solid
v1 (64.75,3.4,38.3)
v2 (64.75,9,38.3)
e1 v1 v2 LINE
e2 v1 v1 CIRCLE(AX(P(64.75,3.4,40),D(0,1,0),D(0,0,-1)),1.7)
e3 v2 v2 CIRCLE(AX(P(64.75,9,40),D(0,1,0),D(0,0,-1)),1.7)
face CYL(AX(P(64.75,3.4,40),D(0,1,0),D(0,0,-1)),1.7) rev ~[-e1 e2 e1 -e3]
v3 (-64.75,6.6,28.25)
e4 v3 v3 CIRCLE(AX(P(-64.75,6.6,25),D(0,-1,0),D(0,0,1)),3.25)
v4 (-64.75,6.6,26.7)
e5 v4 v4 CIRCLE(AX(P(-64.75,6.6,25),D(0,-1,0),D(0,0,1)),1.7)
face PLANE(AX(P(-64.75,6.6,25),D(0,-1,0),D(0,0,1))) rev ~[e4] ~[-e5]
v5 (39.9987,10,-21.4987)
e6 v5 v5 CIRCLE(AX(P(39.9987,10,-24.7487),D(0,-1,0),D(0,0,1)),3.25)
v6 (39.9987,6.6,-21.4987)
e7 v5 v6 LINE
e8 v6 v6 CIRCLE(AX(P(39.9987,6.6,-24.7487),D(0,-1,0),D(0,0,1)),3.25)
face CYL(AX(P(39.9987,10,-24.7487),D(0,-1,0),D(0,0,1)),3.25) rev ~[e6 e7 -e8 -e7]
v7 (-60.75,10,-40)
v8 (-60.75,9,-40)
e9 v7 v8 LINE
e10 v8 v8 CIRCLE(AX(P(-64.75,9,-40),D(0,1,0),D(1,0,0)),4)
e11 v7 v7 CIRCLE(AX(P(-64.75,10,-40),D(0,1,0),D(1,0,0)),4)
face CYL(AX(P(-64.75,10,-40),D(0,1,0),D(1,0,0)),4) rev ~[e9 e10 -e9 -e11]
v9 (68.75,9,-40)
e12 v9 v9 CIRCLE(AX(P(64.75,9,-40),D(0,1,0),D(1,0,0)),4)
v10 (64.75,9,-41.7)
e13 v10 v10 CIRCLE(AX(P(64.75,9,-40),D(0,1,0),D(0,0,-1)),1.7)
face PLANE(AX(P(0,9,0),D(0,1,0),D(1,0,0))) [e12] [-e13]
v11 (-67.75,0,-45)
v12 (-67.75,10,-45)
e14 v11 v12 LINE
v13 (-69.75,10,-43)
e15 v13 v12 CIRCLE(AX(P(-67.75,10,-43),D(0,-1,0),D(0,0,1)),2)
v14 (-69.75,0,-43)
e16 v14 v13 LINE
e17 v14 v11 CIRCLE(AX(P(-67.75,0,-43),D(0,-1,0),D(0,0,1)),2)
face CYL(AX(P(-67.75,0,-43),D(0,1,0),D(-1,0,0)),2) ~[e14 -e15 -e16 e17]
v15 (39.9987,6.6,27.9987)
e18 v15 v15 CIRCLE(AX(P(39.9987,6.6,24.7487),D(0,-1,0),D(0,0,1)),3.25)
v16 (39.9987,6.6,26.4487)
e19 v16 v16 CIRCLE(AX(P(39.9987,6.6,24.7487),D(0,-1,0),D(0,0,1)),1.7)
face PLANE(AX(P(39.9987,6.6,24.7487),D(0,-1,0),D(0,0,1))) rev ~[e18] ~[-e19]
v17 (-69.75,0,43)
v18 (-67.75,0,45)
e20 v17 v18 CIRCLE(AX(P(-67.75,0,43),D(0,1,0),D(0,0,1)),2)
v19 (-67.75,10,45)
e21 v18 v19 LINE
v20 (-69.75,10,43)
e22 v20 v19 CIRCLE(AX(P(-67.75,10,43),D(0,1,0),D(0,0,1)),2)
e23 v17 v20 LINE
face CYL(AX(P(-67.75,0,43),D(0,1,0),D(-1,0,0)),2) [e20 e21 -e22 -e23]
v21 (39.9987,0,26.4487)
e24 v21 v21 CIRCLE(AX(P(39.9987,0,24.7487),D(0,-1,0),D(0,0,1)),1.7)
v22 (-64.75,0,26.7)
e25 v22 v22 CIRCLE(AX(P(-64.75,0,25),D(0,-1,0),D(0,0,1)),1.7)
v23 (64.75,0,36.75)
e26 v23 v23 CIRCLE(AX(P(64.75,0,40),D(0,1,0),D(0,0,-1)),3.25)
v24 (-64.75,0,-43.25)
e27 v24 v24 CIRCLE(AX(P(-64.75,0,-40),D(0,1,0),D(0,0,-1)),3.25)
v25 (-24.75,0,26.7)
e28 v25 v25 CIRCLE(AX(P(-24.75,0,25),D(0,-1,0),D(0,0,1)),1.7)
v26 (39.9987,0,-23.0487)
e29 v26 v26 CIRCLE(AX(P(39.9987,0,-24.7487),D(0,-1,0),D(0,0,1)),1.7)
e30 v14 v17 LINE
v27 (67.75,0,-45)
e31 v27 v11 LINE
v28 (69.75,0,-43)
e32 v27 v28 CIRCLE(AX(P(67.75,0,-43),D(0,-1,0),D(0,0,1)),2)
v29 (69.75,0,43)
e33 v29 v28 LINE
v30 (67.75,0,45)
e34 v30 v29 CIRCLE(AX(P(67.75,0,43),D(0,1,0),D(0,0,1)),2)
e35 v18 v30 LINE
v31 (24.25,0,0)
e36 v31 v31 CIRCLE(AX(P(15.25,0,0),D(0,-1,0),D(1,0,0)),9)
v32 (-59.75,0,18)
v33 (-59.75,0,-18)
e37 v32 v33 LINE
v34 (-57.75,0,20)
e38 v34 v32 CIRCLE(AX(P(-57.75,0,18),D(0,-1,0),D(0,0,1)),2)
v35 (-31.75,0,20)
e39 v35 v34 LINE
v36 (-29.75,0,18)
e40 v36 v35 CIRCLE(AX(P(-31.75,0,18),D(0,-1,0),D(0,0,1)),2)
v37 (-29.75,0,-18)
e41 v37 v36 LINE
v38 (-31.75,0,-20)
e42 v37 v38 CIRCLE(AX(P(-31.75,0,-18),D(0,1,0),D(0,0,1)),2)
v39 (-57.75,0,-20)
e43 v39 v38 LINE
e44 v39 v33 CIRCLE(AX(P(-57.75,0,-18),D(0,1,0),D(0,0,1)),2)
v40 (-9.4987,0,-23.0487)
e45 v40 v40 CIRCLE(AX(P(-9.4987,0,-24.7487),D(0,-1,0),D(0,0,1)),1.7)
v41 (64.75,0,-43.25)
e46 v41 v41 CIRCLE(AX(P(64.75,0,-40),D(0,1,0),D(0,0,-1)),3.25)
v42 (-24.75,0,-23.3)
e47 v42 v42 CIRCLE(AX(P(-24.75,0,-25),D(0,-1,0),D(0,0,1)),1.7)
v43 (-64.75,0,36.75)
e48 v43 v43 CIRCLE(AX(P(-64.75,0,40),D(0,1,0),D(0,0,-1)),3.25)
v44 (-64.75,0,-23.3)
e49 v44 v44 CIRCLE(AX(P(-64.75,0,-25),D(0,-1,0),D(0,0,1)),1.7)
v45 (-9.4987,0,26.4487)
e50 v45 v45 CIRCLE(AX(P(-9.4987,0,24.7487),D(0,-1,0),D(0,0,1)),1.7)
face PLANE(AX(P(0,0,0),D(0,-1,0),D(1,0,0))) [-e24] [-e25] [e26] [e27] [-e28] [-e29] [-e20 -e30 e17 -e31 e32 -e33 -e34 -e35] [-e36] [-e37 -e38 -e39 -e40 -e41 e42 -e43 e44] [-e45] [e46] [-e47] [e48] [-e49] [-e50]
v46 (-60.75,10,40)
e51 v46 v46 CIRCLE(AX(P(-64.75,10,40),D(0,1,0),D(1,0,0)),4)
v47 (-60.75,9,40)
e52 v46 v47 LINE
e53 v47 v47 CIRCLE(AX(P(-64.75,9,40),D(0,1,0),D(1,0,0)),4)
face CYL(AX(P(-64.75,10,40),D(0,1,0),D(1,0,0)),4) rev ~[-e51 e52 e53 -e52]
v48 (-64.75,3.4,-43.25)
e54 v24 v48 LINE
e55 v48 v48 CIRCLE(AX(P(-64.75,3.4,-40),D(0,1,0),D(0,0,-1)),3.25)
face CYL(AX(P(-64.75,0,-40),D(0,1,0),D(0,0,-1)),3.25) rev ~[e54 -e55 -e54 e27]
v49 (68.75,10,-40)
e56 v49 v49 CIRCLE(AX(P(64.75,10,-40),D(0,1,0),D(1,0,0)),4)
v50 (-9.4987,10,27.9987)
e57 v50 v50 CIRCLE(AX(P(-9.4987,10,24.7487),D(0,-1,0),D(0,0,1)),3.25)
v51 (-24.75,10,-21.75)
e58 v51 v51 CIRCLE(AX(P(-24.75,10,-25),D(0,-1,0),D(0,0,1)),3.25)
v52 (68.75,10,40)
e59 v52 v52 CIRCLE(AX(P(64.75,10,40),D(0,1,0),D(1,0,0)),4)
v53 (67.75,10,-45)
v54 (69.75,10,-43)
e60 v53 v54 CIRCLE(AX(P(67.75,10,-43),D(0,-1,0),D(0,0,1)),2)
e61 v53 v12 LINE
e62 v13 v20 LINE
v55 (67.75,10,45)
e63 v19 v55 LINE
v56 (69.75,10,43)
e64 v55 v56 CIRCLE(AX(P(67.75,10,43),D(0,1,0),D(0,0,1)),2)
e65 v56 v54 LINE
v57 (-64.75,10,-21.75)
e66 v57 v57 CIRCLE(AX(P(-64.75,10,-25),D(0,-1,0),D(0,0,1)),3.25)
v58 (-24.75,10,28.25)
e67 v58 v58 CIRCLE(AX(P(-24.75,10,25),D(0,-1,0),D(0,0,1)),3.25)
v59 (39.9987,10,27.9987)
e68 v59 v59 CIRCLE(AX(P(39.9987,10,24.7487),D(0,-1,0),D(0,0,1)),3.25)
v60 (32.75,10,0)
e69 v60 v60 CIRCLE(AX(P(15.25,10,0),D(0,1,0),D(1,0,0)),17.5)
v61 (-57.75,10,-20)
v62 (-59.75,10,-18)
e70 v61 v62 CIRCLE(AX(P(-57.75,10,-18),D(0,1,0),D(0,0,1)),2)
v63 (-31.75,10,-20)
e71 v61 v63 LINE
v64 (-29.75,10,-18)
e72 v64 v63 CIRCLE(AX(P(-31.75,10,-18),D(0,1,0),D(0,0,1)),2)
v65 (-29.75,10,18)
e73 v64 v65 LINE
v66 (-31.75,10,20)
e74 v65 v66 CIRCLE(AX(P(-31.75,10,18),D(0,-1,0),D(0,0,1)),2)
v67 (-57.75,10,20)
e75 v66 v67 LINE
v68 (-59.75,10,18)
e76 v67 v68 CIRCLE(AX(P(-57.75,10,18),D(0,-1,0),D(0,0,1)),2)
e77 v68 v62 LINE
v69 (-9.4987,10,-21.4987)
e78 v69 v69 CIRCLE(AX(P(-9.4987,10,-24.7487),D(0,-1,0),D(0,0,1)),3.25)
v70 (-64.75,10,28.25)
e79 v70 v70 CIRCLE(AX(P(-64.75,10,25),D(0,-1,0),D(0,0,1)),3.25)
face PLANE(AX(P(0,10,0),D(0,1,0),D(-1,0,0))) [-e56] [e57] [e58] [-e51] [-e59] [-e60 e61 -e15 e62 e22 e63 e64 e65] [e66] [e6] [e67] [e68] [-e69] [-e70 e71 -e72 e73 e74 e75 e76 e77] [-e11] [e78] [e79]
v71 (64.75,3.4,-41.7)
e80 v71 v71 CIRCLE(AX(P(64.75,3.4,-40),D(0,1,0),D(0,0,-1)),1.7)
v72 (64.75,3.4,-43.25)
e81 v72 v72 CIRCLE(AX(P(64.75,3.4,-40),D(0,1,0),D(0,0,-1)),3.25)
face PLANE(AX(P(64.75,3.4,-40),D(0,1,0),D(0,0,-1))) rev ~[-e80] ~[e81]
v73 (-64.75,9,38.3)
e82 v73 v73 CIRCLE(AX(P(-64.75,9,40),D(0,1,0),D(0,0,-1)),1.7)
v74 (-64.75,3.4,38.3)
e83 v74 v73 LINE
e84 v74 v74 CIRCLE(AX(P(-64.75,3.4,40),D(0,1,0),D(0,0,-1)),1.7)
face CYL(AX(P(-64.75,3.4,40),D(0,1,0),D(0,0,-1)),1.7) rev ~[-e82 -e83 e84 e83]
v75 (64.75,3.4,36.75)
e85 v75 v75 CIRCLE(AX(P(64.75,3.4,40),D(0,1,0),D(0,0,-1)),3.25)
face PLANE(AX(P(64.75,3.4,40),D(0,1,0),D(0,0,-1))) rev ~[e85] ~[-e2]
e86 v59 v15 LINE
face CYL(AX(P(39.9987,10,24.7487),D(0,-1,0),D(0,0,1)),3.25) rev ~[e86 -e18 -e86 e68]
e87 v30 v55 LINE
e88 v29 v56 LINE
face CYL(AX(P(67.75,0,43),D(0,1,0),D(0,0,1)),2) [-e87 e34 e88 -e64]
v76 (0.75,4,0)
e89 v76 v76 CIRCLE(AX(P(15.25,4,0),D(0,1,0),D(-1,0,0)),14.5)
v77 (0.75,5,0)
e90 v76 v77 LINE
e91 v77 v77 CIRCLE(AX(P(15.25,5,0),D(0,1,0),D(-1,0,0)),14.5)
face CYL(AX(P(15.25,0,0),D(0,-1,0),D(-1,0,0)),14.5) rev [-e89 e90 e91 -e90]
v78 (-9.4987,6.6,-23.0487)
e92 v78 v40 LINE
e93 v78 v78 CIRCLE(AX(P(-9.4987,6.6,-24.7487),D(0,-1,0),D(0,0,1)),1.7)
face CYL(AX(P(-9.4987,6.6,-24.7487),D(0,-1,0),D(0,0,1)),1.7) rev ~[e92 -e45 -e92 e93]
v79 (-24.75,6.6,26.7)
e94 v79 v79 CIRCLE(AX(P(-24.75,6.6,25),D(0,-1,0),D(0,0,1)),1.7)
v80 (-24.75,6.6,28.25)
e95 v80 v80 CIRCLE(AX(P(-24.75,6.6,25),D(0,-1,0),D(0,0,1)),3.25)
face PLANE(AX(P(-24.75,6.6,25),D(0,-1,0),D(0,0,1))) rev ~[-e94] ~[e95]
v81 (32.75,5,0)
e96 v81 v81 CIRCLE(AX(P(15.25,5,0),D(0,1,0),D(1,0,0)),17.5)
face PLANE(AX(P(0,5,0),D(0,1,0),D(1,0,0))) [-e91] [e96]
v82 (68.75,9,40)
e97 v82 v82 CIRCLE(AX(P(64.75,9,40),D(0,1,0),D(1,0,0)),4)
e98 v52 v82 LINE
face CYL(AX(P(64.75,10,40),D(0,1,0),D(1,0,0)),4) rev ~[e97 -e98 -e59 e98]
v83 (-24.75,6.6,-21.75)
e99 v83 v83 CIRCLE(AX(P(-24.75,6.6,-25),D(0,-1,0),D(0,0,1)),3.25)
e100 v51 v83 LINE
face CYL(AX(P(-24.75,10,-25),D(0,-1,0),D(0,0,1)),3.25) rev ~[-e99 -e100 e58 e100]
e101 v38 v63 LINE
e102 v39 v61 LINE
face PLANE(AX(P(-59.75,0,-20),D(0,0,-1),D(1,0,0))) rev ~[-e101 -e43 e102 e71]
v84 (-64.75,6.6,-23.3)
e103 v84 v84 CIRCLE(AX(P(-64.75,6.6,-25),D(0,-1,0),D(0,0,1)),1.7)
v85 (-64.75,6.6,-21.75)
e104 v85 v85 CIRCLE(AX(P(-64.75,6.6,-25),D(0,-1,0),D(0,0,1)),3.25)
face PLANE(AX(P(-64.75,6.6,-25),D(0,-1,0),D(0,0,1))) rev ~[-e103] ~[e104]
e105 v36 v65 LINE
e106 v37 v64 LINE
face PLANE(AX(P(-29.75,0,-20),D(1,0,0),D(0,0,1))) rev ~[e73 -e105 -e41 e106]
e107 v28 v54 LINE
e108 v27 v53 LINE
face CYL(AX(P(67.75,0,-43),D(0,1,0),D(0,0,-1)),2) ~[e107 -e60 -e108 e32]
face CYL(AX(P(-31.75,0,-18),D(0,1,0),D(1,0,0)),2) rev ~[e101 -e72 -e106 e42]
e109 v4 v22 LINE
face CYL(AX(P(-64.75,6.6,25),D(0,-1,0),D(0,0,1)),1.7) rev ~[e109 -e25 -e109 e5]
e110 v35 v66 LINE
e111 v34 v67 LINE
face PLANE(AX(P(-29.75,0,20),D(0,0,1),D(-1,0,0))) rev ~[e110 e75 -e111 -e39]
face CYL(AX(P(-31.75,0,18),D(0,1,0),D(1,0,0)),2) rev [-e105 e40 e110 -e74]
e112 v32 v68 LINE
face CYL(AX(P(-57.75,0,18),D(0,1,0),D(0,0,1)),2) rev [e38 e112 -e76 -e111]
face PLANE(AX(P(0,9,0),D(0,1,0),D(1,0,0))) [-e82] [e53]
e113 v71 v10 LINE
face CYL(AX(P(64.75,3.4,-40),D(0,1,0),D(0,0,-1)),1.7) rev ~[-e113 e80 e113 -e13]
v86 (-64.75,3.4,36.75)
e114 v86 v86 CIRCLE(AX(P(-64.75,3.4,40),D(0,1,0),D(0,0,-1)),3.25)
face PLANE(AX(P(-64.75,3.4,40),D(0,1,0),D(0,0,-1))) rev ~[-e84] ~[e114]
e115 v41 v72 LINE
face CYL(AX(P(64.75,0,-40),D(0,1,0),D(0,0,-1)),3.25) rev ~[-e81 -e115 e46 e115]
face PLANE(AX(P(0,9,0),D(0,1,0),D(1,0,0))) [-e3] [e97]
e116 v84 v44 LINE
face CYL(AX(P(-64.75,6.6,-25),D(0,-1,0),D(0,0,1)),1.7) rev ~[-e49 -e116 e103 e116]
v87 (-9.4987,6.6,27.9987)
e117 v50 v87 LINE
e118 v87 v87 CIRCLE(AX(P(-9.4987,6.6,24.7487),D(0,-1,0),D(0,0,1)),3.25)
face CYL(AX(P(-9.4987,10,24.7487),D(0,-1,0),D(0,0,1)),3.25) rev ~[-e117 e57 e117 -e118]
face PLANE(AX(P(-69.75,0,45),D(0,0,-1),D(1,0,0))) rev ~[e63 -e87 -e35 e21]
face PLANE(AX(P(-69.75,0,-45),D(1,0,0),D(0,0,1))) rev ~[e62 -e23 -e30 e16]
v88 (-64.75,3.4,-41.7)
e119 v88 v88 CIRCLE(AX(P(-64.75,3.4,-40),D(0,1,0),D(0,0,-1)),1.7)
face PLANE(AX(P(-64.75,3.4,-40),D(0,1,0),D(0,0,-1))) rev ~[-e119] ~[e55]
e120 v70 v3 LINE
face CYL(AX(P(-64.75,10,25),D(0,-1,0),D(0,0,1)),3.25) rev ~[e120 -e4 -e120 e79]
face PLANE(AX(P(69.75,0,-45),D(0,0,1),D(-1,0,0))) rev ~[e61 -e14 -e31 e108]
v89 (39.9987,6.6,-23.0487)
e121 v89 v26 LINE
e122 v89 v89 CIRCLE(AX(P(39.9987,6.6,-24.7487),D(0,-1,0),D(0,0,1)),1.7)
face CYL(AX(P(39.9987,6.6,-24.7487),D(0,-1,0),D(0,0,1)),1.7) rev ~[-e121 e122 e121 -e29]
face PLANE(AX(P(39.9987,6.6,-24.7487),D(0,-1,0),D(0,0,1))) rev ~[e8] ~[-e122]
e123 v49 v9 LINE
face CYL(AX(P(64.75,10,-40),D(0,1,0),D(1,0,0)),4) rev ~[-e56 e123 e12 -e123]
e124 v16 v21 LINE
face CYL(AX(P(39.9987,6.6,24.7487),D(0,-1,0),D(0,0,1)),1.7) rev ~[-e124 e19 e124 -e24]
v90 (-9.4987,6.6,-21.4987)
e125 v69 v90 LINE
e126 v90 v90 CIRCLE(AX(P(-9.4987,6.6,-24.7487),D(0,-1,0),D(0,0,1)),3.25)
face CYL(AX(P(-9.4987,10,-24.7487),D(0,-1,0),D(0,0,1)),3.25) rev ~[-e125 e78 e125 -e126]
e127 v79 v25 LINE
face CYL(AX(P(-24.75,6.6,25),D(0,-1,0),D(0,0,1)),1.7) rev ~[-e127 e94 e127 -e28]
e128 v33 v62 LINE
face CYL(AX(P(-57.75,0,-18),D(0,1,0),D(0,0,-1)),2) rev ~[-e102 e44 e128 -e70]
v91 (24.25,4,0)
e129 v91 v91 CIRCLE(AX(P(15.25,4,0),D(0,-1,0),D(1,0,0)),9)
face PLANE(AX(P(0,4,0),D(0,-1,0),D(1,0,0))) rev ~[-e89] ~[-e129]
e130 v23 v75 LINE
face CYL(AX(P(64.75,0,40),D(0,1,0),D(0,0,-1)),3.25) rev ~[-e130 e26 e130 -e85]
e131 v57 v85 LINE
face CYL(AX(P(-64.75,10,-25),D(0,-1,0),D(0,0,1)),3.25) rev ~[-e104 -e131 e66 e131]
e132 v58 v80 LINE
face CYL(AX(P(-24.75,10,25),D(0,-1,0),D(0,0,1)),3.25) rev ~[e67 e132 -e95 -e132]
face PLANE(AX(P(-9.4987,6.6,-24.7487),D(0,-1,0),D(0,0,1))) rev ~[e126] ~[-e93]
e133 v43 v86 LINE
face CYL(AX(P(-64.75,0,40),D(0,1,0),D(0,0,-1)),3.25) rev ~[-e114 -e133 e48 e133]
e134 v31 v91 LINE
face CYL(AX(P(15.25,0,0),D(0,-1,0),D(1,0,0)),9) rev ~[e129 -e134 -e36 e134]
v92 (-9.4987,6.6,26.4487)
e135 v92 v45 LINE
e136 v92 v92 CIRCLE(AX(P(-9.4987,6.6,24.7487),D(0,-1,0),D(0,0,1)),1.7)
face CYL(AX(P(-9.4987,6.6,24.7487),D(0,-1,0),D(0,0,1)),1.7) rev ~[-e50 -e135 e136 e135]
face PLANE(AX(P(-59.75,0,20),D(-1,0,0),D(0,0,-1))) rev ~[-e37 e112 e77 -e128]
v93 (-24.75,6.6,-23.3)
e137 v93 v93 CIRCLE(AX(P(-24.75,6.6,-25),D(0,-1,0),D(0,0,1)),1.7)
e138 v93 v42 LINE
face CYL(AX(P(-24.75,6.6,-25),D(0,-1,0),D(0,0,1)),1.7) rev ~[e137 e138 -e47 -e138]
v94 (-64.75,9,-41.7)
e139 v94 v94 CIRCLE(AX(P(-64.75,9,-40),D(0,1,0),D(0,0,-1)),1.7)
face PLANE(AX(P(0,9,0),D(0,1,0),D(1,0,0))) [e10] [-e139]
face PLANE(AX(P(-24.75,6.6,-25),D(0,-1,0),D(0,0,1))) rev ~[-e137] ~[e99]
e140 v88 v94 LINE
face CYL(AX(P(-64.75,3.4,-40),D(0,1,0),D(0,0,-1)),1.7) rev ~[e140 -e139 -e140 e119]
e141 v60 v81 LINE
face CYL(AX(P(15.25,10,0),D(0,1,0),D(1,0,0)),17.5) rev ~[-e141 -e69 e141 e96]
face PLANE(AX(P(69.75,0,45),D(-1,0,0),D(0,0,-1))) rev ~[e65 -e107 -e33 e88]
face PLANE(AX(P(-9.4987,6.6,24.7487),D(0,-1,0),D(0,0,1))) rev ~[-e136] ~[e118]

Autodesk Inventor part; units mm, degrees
ref_plane "YZ Plane" through (0, 0, 0) normal (1, 0, 0) x (0, 1, 0)
ref_plane "XZ Plane" through (0, 0, 0) normal (0, 1, 0) x (-1, 0, 0)
ref_plane "XY Plane" through (0, 0, 0) normal (0, 0, 1) x (1, 0, 0)
sketch "Sketch1" plane through (0, 0, 0) normal (0, 1, 0) x (-1, 0, 0)
  line L0 (69.75, 45) -> (-69.75, 45)
  line L1 (-69.75, 45) -> (-69.75, -45)
  line L2 (-69.75, -45) -> (69.75, -45)
  line L3 (69.75, -45) -> (69.75, 45)
  line L4 (69.75, 45) -> (-69.75, -45) construction
  line L5 (-69.75, 45) -> (69.75, -45) construction
  circle A0 centre (44.75, 0) radius 8 construction
  circle A1 centre (-15.25, 0) radius 14.5
  line L6 (152.1746, 0) -> (-152.1746, 0) construction
  line L7 (0, 58.0523) -> (0, -58.0523) construction
  line L8 (29.75, 20) -> (59.75, 20)
  line L9 (59.75, 20) -> (59.75, -20)
  line L10 (59.75, -20) -> (29.75, -20)
  line L11 (29.75, -20) -> (29.75, 20)
  line L12 (29.75, 20) -> (59.75, -20) construction
  line L13 (59.75, 20) -> (29.75, -20) construction
  point P0 (0, 0)
  dimension "d0" = 139.5
  dimension "d1" = 16
  dimension "d2" = 29
  dimension "d3" = 25
  dimension "d4" = 90
  dimension "d5" = 54.5
  dimension "d42" = 30
  dimension "d43" = 40
extrude "Extrusion1" add sketch "Sketch1" along normal blind 10
sketch "Sketch2" plane through (0, 0, 0) normal (0, -1, 0) x (1, 0, 0)
  line L0 (64.75, 40) -> (-64.75, 40) construction
  line L1 (-64.75, 40) -> (-64.75, -40) construction
  line L2 (-64.75, -40) -> (64.75, -40) construction
  line L3 (64.75, -40) -> (64.75, 40) construction
  line L4 (64.75, 40) -> (-64.75, -40) construction
  line L5 (-64.75, 40) -> (64.75, -40) construction
  line L6 (69.75, -45) -> (-69.75, -45) construction
  line L7 (-69.75, -45) -> (-69.75, 45) construction
  point P0 (0, 0)
  dimension "d11" = 5
  dimension "d12" = 5
hole "Hole1" at (64.75, 0, -40) at (-64.75, 0, -40) at (-64.75, 0, 40) at (64.75, 0, 40) direction (0, 1, 0) diameter 3.4 end through all counterbore diameter 6.5 counterbore depth 3.4 clearance for "Socket Head Cap Screw ISO 4762" size "M3" standard "ISO"
sketch "Sketch3" plane through (0, 10, 0) normal (0, 1, 0) x (1, 0, 0)
  circle A0 centre (-64.75, 40) radius 1.7 projected
  circle A1 centre (-64.75, 40) radius 4
  circle A2 centre (64.75, -40) radius 1.7 projected
  circle A3 centre (-64.75, -40) radius 1.7 projected
  circle A4 centre (-64.75, 40) radius 1.7 projected
  circle A5 centre (64.75, 40) radius 1.7 projected
  line L0 (69.75, -45) -> (69.75, 45) projected
  line L1 (69.75, 45) -> (-69.75, 45) projected
  line L2 (-69.75, 45) -> (-69.75, -45) projected
  line L3 (-69.75, -45) -> (69.75, -45) projected
  circle A6 centre (64.75, 40) radius 4
  circle A7 centre (-64.75, -40) radius 4
  circle A8 centre (64.75, -40) radius 4
  point P0 (0, 0)
  dimension "d22" = 129.5
  dimension "d25" = 80
  dimension "d28" = 8
  dimension "d37" = 90
  dimension "d38" = 139.5
extrude "Extrusion2" cut sketch "Sketch3" against normal blind 1 contours A0 | A1 | A2 | A3 | A5 | A6 | A7 | A8
sketch "Sketch4" plane through (0, 10, 0) normal (0, 1, 0) x (1, 0, 0)
  circle A0 centre (-64.75, 40) radius 4 projected
  line L0 (69.75, -45) -> (69.75, 45) projected
  line L1 (69.75, 45) -> (-69.75, 45) projected
  line L2 (-69.75, 45) -> (-69.75, -45) projected
  line L3 (-69.75, -45) -> (69.75, -45) projected
  circle A1 centre (15.25, 0) radius 14.5 projected
  circle A2 centre (15.25, 0) radius 17.5
  point P0 (0, 0)
  dimension "d31" = 35
extrude "Extrusion3" cut sketch "Sketch4" against normal blind 5 contours A2
sketch "Sketch5" plane through (0, 0, 0) normal (0, -1, 0) x (1, 0, 0)
  circle A0 centre (15.25, 0) radius 14.5 projected
  line L0 (69.75, 45) -> (69.75, -45) projected
  line L1 (-69.75, 45) -> (69.75, 45) projected
  line L2 (-69.75, -45) -> (-69.75, 45) projected
  line L3 (69.75, -45) -> (-69.75, -45) projected
  circle A1 centre (64.75, -40) radius 3.25 projected
  circle A2 centre (-64.75, -40) radius 3.25 projected
  circle A3 centre (-64.75, 40) radius 3.25 projected
  circle A4 centre (64.75, 40) radius 3.25 projected
  circle A5 centre (15.25, 0) radius 9
  point P0 (0, 0)
  dimension "d39" = 18
extrude "Extrusion4" add sketch "Sketch5" against normal blind 4 contours A0
fillet "Fillet1" radius 2 8 edges at (-69.75, 5, 45) (69.75, 5, 45) (69.75, 5, -45) (-69.75, 5, -45) (-59.75, 5, 20) (-59.75, 5, -20) (-29.75, 5, -20) (-29.75, 5, 20)
sketch "Sketch7" plane through (0, 10, 0) normal (0, 1, 0) x (1, 0, 0)
  circle A0 centre (15.25, 0) radius 17.5 projected
  line L0 (15.25, 0) -> (53.4324, -38.1824) construction
  line L1 (-97.65, 0) -> (97.65, 0) projected
  point P0 (0, 0)
  point P1 (39.9987, -24.7487)
  point P2 (39.9987, 24.7487)
  point P3 (-9.4987, 24.7487)
  point P4 (-9.4987, -24.7487)
  dimension "d46" = 35
  dimension "d49" = 360
  dimension "d51" = 45
hole "Hole2" at (39.9987, 10, 24.7487) at (39.9987, 10, -24.7487) at (-9.4987, 10, -24.7487) at (-9.4987, 10, 24.7487) direction (0, -1, 0) diameter 3.4 end through all counterbore diameter 6.5 counterbore depth 3.4 clearance for "Socket Head Cap Screw ISO 4762" size "M3" standard "ISO"
sketch "Sketch9" plane through (0, 10, 0) normal (0, 1, 0) x (1, 0, 0)
  line L0 (-57.75, 20) -> (-31.75, 20) construction
  line L1 (-59.75, -18) -> (-59.75, 18) construction
  line L2 (-31.75, -20) -> (-57.75, -20) construction
  line L3 (-29.75, 18) -> (-29.75, -18) construction
  line L4 (-64.75, 25) -> (-24.75, 25) construction
  line L5 (-24.75, 25) -> (-24.75, -25) construction
  line L6 (-24.75, -25) -> (-64.75, -25) construction
  line L7 (-64.75, -25) -> (-64.75, 25) construction
  point P0 (0, 0)
  dimension "d63" = 5
  dimension "d64" = 5
  dimension "d65" = 5
  dimension "d66" = 5
hole "Hole3" at (-64.75, 10, -25) at (-24.75, 10, -25) at (-24.75, 10, 25) at (-64.75, 10, 25) direction (0, -1, 0) diameter 3.4 end through all counterbore diameter 6.5 counterbore depth 3.4 clearance for "Socket Head Cap Screw ISO 4762" size "M3" standard "ISO"
properties part number "plate for print"
